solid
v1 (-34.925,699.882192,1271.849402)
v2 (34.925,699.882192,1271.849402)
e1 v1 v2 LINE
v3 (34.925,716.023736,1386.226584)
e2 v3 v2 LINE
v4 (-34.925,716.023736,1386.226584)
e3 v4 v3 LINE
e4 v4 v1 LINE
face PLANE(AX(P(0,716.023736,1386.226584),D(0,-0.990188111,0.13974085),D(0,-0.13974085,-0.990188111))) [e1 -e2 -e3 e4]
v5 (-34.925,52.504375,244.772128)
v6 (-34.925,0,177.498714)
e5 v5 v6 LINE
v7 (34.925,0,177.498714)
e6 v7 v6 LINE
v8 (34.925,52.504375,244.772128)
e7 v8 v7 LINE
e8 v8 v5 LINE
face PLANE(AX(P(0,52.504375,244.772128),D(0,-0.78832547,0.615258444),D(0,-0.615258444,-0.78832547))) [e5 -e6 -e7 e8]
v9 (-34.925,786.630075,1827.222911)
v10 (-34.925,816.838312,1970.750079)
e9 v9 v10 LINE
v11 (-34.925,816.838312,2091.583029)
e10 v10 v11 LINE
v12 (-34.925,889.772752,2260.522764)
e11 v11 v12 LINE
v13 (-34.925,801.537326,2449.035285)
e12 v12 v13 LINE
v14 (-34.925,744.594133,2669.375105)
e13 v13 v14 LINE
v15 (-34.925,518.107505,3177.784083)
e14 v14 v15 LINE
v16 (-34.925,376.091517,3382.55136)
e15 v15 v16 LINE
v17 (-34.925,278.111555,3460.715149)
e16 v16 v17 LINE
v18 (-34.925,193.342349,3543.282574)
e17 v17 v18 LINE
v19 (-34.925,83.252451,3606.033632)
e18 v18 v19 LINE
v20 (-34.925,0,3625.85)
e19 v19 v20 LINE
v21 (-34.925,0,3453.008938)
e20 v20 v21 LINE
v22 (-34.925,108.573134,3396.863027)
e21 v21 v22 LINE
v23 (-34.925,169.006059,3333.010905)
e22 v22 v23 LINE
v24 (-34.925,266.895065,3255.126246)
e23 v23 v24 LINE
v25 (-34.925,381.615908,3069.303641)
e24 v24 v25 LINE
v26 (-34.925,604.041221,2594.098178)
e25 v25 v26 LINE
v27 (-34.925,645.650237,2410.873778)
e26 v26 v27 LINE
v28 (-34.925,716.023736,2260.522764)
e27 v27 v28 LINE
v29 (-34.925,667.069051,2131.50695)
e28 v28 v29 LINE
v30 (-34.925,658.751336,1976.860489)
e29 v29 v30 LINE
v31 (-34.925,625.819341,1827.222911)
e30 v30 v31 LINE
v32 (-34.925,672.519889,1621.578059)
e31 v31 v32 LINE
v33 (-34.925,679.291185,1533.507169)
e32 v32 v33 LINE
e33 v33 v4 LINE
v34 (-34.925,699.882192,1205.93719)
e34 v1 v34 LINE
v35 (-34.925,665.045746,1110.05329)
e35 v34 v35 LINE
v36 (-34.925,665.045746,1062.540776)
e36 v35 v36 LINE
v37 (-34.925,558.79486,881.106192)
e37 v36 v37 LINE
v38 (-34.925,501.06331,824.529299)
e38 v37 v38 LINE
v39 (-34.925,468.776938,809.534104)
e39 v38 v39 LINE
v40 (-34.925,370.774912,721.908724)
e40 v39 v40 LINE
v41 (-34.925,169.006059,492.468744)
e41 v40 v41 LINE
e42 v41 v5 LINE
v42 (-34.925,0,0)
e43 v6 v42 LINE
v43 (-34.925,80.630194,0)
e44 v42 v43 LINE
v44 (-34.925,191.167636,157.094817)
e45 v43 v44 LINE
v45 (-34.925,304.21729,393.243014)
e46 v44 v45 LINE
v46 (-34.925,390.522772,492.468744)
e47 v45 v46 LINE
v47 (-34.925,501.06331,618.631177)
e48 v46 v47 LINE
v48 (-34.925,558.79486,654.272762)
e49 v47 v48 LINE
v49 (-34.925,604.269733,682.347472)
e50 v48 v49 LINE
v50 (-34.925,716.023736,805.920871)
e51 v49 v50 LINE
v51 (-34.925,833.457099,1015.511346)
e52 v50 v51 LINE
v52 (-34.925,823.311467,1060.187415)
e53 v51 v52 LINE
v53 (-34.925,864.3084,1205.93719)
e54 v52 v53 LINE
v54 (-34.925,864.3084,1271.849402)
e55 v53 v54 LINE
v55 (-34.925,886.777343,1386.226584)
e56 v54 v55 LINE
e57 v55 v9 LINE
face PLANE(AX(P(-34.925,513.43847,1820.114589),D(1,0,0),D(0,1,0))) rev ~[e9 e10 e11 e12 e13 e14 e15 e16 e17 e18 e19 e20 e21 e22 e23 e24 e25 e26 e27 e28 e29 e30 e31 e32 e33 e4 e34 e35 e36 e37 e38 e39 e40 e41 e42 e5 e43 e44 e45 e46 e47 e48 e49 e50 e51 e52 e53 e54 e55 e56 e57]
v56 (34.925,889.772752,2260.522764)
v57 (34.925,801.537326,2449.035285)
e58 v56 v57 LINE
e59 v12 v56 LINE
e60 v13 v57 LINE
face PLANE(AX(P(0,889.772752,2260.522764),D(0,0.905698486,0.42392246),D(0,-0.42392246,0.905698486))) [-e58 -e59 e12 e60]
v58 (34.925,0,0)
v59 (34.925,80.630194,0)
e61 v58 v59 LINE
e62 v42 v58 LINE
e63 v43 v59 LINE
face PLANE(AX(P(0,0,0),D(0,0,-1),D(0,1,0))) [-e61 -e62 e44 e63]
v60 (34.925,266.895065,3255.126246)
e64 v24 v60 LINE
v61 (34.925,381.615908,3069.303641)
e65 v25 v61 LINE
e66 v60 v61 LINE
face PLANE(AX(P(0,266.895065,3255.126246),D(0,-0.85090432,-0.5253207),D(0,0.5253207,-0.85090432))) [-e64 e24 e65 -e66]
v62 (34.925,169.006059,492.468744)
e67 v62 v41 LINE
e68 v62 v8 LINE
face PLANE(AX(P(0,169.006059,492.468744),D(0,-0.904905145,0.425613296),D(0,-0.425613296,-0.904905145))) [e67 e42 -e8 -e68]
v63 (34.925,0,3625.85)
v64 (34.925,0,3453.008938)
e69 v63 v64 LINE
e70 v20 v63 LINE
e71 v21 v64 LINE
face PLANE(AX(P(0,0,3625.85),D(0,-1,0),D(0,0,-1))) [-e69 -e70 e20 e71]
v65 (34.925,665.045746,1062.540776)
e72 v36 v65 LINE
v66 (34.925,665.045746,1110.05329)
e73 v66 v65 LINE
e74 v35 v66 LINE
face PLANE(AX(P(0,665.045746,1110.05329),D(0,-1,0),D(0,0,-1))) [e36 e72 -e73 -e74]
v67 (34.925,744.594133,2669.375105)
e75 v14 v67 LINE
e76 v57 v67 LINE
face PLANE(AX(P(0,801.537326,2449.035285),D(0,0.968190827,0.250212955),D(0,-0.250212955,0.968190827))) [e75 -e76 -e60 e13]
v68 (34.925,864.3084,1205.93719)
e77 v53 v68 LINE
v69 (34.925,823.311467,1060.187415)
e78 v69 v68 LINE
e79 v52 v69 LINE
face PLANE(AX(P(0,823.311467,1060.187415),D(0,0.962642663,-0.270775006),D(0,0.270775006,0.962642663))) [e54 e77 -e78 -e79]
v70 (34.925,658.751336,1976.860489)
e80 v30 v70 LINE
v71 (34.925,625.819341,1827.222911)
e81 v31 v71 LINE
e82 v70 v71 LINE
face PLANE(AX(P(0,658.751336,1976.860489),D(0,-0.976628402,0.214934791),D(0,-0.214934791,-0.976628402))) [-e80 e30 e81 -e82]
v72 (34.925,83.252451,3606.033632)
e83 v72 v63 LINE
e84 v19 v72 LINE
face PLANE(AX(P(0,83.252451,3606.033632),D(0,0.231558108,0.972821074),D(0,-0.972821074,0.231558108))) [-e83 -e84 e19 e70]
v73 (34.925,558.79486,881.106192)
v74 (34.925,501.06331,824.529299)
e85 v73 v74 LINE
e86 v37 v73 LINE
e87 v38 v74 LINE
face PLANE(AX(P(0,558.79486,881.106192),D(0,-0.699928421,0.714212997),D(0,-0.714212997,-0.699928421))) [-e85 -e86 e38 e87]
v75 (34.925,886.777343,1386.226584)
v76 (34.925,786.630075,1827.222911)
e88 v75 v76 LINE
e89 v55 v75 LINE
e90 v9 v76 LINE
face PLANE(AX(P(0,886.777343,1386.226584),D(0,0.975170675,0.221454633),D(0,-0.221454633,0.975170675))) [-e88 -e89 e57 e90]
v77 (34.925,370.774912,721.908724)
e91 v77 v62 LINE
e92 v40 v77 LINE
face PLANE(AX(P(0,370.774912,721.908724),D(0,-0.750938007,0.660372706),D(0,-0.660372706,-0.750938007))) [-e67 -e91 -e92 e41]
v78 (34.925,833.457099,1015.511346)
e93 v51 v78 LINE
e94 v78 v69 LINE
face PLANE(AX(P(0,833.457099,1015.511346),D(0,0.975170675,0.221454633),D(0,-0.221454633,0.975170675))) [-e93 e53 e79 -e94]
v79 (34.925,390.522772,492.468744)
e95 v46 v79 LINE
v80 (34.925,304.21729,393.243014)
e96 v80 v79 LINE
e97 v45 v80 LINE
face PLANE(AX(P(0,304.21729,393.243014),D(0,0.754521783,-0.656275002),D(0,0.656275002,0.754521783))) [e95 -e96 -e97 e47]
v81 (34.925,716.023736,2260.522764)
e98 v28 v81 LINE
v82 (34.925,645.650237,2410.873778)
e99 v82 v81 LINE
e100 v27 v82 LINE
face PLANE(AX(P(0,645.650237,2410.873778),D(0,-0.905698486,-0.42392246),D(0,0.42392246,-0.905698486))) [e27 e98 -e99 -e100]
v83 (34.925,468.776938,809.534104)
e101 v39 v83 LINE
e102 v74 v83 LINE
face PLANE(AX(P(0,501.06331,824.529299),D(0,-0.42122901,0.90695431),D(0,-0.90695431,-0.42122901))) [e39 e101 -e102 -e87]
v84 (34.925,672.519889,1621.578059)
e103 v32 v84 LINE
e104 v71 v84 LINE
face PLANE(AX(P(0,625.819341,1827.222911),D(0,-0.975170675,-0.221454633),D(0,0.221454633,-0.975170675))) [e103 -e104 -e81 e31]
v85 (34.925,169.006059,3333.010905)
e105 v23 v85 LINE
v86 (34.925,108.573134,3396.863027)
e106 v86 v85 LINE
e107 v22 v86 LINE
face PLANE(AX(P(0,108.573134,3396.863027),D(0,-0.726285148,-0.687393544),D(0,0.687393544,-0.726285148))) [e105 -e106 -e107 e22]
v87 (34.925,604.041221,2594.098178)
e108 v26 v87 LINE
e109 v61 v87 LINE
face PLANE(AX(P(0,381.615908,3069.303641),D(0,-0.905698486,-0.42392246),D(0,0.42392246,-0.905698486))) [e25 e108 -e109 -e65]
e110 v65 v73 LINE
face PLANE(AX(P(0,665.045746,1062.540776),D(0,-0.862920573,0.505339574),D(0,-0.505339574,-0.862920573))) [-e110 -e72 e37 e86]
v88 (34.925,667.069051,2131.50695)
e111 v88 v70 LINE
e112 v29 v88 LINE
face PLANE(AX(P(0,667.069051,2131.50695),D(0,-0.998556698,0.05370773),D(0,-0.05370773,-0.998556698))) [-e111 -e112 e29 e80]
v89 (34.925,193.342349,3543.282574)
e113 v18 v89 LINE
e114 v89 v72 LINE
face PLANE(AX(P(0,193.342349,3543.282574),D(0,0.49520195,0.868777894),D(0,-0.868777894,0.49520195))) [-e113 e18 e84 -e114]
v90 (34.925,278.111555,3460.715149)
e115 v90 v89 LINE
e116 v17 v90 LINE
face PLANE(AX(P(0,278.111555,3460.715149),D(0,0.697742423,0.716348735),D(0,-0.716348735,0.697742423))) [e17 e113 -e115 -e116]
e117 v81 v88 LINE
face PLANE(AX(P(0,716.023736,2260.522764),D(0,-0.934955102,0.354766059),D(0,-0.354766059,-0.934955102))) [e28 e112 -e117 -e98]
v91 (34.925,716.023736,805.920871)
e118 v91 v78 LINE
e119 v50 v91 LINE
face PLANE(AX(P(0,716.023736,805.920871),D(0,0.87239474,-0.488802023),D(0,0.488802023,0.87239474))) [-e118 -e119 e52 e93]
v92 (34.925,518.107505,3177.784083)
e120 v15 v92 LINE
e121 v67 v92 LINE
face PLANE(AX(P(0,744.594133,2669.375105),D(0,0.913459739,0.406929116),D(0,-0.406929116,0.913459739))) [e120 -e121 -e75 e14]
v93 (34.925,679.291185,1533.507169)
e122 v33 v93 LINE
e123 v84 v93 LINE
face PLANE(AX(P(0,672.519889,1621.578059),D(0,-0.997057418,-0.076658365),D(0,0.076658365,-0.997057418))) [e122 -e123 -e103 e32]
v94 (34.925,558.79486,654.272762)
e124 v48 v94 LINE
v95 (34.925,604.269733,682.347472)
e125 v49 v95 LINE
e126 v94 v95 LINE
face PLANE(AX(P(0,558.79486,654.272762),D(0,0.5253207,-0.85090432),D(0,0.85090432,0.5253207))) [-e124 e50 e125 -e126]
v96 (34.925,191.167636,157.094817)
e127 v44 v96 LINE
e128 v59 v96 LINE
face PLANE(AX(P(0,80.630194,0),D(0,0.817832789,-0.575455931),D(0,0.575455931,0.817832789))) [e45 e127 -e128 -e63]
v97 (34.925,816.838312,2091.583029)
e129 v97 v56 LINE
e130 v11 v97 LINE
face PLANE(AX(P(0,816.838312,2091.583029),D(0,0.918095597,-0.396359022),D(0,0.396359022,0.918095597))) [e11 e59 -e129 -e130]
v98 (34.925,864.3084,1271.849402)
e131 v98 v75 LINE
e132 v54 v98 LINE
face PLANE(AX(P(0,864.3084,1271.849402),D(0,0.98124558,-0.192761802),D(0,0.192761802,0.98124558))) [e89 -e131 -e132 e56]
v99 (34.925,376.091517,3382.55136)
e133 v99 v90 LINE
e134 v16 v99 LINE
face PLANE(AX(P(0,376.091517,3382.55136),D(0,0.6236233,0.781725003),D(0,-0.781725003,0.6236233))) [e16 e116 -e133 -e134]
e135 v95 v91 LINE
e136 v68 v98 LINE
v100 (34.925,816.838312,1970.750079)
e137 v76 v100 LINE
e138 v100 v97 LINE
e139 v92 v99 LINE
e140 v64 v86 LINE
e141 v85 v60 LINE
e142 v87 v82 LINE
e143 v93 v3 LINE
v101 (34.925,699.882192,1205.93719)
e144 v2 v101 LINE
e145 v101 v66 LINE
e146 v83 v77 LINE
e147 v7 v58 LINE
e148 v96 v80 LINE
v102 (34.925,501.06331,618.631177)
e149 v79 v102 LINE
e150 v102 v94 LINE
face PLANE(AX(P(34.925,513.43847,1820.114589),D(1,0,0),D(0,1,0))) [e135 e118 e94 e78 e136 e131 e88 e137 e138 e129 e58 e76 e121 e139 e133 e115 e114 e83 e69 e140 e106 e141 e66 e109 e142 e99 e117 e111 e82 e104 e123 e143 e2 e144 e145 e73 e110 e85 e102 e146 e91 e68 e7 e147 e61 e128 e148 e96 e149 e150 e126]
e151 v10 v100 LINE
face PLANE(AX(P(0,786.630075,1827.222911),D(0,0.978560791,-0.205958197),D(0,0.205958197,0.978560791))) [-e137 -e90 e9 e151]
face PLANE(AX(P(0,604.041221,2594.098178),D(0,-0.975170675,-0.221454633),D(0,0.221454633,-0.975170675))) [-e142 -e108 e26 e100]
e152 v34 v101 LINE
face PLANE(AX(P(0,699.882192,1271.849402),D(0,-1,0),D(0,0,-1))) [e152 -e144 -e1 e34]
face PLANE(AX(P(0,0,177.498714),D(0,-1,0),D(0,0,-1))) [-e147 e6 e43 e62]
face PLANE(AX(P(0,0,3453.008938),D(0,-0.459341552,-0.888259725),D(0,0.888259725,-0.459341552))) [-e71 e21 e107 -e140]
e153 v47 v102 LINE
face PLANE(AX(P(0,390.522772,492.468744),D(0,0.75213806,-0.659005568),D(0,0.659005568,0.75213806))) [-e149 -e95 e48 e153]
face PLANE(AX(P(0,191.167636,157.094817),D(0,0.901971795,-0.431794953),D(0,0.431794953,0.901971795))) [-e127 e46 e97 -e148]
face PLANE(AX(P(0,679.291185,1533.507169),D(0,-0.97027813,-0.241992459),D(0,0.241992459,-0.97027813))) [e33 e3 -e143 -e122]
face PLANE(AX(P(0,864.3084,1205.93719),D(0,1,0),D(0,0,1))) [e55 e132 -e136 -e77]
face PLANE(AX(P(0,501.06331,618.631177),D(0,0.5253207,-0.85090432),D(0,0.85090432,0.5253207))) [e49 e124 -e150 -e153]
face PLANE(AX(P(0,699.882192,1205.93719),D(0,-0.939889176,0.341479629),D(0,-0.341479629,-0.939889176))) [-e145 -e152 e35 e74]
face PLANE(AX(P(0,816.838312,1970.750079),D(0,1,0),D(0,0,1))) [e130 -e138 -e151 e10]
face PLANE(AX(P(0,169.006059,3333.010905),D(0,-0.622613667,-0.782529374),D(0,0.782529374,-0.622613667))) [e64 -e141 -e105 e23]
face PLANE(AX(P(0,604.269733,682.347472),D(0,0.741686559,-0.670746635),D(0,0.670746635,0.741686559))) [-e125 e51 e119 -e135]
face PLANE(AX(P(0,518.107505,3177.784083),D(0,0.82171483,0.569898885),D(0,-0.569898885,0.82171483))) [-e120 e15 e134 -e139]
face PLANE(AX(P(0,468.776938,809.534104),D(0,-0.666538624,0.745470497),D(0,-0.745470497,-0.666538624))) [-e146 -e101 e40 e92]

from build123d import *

# Parameters (mm, degrees)
F1_DEPTH = 34.925


with BuildPart() as f1:
    # F0 (on Right) → F1 (new body, symmetric)
    with BuildSketch(Plane.YZ):
        Polygon((0, 177.4987136489), (0, 0), (80.6301941103, 0), (191.1676356724, 157.0948170049), (304.2172897297, 393.2430137401), (390.5227723901, 492.4687444506), (501.0633099215, 618.6311770084), (558.7948598303, 654.2727615103), (604.2697327295, 682.3474715729), (716.0237356889, 805.9208712282), (833.4570987513, 1015.5113461059), (823.3114671834, 1060.1874147418), (864.3083995663, 1205.9371897181), (864.3083995663, 1271.8494015263), (886.7773433951, 1386.2265840571), (853.3309235748, 1533.5071685645), (830.8663102107, 1632.4296064454), (786.6300745783, 1827.2229109414), (816.8383120736, 1970.7500793789), (816.8383120736, 2091.5830293601), (889.7727520262, 2260.522764281), (801.5373263826, 2449.0352850475), (744.5941329498, 2669.3751048716), (518.1075050627, 3177.7840826502), (376.0915174209, 3382.5513601832), (278.1115545457, 3460.7151486208), (193.3423488693, 3543.2825743104), (83.2524511698, 3606.0336323661), (0, 3625.85), (0, 3453.0089379868), (108.5731335332, 3396.8630266951), (169.0060591815, 3333.0109047694), (266.8950652787, 3255.1262462236), (381.6159083639, 3069.3036412327), (604.0412207552, 2594.0981779468), (645.6502368782, 2410.8737775981), (716.0237356889, 2260.522764281), (667.0690511998, 2131.5069499635), (658.7513359053, 1976.8604892749), (625.8193408889, 1827.2229109414), (672.5198892169, 1621.5780589203), (679.2911847261, 1533.5071685645), (716.0237356889, 1386.2265840571), (699.8821919046, 1271.8494015263), (699.8821919046, 1205.9371897181), (665.0457458767, 1110.0532898606), (665.0457458767, 1062.5407764791), (558.7948598303, 881.1061922545), (501.0633099215, 824.5292988458), (468.7769380172, 809.5341041243), (370.7749121342, 721.908724241), (169.0060591815, 492.4687444506), (52.50437515, 244.7721280309), align=None)
    extrude(amount=F1_DEPTH, both=True)


solid = f1.part
